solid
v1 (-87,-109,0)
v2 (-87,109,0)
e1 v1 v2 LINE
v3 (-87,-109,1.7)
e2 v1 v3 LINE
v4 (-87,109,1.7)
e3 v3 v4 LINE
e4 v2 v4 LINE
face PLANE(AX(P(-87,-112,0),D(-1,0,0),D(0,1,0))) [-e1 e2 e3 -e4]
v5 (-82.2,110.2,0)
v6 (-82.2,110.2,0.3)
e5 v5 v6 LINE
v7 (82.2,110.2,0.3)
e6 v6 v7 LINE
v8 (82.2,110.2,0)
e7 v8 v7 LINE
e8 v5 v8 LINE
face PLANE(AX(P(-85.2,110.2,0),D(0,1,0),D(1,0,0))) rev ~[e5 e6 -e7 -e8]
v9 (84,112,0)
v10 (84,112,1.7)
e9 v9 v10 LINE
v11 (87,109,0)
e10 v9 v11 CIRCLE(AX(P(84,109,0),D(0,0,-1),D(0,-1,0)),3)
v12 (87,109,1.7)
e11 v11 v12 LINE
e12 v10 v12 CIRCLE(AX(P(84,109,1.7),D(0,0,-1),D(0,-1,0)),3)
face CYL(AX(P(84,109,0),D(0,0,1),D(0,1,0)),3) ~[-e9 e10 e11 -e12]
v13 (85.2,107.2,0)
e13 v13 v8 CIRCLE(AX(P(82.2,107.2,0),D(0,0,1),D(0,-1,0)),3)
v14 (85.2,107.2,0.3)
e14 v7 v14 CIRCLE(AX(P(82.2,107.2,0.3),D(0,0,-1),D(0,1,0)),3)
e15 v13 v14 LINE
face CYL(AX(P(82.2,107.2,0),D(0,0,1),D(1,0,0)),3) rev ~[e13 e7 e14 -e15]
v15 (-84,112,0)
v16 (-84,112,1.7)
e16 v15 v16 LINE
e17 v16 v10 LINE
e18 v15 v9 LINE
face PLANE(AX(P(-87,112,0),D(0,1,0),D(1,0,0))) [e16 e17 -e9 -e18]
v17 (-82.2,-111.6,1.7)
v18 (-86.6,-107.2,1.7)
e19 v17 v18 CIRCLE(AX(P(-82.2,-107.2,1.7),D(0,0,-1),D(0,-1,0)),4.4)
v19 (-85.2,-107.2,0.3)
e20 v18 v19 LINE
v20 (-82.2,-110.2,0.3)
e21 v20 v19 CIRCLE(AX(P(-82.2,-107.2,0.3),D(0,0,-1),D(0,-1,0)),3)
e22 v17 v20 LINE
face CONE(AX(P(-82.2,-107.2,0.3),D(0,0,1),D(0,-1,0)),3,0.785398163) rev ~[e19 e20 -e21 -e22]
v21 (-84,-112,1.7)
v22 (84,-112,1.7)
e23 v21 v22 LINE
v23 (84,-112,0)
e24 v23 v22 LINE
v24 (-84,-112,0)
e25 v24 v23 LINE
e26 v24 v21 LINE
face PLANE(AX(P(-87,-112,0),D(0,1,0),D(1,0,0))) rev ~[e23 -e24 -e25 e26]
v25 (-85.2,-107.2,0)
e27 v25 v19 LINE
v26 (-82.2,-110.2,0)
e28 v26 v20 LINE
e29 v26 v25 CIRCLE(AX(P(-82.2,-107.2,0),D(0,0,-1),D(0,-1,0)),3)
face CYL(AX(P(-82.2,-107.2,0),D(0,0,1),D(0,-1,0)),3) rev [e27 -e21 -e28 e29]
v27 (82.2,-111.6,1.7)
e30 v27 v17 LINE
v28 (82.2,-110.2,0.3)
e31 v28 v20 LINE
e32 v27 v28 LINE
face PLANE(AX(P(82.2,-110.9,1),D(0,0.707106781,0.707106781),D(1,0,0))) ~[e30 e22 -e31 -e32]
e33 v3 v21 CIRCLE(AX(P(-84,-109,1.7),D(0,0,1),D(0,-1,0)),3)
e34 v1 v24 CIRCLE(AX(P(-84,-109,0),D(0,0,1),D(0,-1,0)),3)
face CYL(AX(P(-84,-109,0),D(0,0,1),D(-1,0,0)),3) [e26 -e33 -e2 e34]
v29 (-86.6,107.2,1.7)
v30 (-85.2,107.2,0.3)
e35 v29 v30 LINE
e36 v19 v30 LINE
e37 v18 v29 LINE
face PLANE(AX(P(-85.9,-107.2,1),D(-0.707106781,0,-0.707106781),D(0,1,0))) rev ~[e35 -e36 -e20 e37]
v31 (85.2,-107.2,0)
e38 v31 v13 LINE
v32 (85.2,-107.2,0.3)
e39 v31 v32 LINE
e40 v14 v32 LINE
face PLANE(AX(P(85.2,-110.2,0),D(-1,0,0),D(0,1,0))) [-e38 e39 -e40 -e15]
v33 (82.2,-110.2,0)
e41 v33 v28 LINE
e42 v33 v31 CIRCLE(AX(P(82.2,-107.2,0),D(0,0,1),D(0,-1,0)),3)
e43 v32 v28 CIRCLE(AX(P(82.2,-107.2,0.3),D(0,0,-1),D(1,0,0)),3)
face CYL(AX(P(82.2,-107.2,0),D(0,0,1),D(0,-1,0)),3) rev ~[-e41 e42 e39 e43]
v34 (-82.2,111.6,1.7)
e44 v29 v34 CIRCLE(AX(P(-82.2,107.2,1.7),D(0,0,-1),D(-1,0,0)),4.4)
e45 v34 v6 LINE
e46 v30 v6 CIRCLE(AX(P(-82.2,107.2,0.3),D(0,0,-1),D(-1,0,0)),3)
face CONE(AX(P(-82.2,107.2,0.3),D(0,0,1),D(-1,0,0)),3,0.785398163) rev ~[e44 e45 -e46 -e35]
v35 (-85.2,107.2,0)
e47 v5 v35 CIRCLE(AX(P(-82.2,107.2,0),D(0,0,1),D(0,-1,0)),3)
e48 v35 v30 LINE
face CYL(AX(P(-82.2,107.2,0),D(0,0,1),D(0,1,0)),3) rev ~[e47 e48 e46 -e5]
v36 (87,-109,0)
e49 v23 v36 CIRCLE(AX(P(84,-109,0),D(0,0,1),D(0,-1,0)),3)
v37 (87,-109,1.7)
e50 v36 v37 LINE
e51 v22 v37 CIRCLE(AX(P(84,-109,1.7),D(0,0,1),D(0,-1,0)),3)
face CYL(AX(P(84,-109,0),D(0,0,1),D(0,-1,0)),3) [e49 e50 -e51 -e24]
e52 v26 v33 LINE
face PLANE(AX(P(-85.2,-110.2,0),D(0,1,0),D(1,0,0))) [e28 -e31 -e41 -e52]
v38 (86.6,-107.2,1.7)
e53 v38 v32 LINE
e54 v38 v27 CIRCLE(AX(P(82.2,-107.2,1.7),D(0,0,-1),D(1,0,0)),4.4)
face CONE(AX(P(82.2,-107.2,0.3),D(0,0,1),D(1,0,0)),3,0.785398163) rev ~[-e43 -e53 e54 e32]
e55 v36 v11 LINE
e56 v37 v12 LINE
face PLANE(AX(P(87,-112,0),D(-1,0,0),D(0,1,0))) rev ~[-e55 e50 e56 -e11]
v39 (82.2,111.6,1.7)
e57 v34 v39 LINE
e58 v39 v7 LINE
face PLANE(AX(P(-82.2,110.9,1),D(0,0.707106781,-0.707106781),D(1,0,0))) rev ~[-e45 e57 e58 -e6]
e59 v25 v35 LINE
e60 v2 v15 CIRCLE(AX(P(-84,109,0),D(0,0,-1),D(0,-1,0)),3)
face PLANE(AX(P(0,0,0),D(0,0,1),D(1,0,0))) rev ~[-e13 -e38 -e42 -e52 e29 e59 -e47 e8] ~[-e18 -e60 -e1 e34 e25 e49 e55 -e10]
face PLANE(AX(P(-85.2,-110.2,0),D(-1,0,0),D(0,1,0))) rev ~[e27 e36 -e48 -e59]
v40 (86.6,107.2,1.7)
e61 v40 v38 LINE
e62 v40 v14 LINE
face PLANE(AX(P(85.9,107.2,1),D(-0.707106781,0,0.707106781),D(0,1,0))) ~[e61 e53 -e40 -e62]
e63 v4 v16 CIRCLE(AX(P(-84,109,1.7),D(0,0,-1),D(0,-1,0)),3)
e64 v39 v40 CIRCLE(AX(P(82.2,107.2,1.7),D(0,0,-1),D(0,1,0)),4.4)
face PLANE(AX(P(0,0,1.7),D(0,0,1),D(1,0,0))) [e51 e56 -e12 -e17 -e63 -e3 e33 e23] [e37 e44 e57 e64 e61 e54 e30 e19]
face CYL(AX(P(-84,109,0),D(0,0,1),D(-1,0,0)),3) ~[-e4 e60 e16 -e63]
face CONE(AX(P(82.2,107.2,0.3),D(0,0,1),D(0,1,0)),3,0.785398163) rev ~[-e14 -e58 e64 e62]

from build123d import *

# Parameters (mm, degrees)
SKETCH_W     = 174
SKETCH_H     = 224
SKETCH_W_2   = 170.4
SKETCH_H_2   = 220.4
PAD_DEPTH    = 1.7
FILLET_R     = 3
CHAMFER_SIZE = 1.4


with BuildPart() as part:
    # Sketch → Pad (new body)
    with BuildSketch(Plane.XY):
        Rectangle(SKETCH_W, SKETCH_H)
        Rectangle(SKETCH_W_2, SKETCH_H_2, mode=Mode.SUBTRACT)
    extrude(amount=PAD_DEPTH)

    # Fillet
    fillet_edges = [part.edges().sort_by_distance(p)[0] for p in [
        (-85.2, -110.2, 0.85),
        (-87, -112, 0.85),
        (87, -112, 0.85),
        (85.2, -110.2, 0.85),
        (87, 112, 0.85),
        (85.2, 110.2, 0.85),
        (-85.2, 110.2, 0.85),
        (-87, 112, 0.85),
    ]]
    fillet(fillet_edges, radius=FILLET_R)

    # Chamfer
    chamfer_edges = [part.edges().sort_by_distance(p)[0] for p in [
        (-84.32132, -109.32132, 1.7),
    ]]
    chamfer(chamfer_edges, length=CHAMFER_SIZE)


solid = part.part
